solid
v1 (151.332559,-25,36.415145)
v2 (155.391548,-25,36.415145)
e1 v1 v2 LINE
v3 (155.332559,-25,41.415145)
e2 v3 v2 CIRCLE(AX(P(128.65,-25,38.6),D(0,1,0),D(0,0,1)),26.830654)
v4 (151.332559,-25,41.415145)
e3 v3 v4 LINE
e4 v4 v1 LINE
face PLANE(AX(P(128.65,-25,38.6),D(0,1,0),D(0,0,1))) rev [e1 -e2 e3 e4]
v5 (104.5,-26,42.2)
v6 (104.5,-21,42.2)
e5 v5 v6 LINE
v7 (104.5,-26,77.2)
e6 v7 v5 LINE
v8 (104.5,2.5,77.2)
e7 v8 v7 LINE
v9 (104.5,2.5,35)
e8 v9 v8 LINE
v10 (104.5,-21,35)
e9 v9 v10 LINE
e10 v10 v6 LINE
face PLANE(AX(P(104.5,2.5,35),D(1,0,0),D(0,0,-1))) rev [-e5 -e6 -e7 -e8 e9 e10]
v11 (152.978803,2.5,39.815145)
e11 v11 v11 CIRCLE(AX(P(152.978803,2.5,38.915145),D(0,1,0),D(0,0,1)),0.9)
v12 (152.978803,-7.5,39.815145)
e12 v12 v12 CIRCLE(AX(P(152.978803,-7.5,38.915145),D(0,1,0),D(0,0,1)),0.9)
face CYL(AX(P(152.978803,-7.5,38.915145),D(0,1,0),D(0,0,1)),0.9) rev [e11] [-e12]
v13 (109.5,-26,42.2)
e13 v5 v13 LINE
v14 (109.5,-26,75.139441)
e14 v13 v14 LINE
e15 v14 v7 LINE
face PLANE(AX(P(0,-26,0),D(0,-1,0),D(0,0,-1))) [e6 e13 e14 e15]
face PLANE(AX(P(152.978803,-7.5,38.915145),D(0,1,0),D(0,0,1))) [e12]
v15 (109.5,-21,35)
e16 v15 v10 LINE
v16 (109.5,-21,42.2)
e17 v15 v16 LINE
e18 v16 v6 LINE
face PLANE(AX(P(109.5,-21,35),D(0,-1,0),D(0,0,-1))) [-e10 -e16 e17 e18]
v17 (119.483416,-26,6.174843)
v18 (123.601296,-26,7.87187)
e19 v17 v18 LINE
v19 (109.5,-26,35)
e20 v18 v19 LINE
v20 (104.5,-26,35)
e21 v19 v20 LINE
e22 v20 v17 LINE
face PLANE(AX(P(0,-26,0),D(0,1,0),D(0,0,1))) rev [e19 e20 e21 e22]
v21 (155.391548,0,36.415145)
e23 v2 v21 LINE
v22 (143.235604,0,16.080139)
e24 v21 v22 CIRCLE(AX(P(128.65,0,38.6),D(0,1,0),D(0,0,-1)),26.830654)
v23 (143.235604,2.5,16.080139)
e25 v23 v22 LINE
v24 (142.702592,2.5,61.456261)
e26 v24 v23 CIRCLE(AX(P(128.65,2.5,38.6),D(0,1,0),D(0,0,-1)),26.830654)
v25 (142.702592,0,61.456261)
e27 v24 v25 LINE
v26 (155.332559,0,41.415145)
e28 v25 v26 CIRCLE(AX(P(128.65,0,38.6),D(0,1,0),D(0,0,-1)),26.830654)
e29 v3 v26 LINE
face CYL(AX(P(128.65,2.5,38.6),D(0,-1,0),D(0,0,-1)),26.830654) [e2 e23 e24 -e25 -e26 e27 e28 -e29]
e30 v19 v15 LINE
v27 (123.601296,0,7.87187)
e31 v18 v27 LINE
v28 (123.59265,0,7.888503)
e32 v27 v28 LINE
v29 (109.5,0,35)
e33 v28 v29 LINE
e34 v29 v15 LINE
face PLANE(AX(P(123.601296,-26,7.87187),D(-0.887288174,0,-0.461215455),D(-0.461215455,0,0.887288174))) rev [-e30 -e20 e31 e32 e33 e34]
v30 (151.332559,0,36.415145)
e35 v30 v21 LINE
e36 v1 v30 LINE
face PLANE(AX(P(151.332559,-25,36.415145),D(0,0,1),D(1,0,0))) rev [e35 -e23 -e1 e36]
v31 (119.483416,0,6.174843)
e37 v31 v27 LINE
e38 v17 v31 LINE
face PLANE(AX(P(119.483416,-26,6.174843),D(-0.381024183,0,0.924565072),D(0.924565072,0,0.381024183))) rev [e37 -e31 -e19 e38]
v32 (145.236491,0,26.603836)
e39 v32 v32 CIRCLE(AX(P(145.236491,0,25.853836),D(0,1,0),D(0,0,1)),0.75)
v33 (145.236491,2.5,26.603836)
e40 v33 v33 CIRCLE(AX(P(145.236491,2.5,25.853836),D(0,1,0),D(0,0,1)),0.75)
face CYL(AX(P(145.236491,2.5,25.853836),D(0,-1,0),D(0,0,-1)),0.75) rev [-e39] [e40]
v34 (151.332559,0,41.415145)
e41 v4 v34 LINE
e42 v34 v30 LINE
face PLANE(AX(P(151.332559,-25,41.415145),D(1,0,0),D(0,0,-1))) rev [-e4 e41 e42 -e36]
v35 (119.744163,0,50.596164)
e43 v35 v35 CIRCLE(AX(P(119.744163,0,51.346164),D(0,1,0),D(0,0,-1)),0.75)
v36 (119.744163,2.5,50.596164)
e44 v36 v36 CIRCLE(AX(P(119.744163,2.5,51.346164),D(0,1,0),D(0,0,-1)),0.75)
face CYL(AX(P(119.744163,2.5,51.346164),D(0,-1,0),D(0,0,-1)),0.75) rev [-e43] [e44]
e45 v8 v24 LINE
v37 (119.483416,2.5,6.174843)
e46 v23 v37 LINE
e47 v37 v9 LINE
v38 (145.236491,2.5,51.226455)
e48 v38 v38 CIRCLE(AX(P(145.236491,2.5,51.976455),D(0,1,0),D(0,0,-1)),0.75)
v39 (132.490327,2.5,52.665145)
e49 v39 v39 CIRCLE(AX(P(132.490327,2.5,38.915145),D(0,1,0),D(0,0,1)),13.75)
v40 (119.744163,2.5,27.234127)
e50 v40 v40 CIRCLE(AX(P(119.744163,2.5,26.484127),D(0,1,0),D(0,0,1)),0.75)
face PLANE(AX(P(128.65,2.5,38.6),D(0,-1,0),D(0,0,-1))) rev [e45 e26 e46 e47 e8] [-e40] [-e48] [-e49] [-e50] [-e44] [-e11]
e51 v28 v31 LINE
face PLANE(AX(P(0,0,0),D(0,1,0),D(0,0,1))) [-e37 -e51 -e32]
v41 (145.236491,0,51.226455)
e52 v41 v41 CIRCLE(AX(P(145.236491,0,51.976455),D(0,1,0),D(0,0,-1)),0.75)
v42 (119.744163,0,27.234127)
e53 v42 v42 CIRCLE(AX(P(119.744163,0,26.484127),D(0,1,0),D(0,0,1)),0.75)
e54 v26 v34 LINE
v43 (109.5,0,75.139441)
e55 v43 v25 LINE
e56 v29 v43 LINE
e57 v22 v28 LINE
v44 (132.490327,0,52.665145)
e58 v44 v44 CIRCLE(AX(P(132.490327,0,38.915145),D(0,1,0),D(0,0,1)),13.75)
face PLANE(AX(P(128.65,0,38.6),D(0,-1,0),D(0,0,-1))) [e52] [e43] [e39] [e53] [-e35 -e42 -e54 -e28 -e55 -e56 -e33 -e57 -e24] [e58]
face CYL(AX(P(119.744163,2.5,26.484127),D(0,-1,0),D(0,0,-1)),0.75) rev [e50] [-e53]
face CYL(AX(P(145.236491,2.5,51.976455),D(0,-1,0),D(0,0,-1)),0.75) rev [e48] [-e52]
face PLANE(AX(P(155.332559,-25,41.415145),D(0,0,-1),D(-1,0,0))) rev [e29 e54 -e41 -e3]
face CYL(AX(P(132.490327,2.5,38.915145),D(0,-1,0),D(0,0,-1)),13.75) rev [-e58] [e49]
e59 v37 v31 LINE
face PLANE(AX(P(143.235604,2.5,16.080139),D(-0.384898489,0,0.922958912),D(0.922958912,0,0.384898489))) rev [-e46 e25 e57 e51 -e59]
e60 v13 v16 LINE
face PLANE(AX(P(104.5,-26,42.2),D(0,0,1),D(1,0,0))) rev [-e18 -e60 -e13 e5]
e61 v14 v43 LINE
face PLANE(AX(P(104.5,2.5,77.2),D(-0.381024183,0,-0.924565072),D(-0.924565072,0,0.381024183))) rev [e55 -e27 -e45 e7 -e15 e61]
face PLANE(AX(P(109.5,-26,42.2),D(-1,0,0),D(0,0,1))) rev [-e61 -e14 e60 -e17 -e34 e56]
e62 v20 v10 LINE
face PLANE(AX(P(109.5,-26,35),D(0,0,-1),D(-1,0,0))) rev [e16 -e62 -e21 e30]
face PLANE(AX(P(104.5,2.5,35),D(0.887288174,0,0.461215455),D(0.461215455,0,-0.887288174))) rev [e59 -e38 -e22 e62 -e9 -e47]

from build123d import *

# Parameters (mm, degrees)
SKETCH2_R           = 13.75
SKETCH2_R_2         = 0.75
BOSS_EXTRUDE1_DEPTH = 2.5
BOSS_EXTRUDE2_DEPTH = 26
SKETCH5_W           = 7.2
SKETCH5_H           = 21
BOSS_EXTRUDE5_DEPTH = 5
BOSS_EXTRUDE6_DEPTH = 25
SKETCH7_R           = 0.9
CUT_EXTRUDE1_DEPTH  = 10


with BuildPart() as part:
    # Sketch2 → Boss-Extrude1 (new body)
    with BuildSketch(Plane(origin=(0, 0, 0), x_dir=(1, 0, 0), z_dir=(0, 1, 0))):
        with BuildLine():
            Line((104.5, -77.2), (142.702591635, -61.456260882))
            ThreePointArc((142.702591635, -61.456260882), (155.478803114, -38.915145373), (143.235603671, -16.080138573))
            Line((143.235603671, -16.080138573), (119.48341621, -6.174842748))
            Line((119.48341621, -6.174842748), (104.5, -35))
            Line((104.5, -35), (104.5, -77.2))
        make_face()
        with Locations((132.490326991, -38.915145373)):
            Circle(SKETCH2_R, mode=Mode.SUBTRACT)
        with Locations((145.236491006, -25.853835985)):
            Circle(SKETCH2_R_2, mode=Mode.SUBTRACT)
        with Locations((119.744162977, -51.346164015)):
            Circle(SKETCH2_R_2, mode=Mode.SUBTRACT)
        with Locations((119.744162977, -26.484126731)):
            Circle(SKETCH2_R_2, mode=Mode.SUBTRACT)
        with Locations((145.236491006, -51.97645476)):
            Circle(SKETCH2_R_2, mode=Mode.SUBTRACT)
    extrude(amount=BOSS_EXTRUDE1_DEPTH)

    # Sketch3 → Boss-Extrude2 (add)
    with BuildSketch(Plane.XZ):
        Polygon((104.5, 42.2), (109.5, 42.2), (109.5, 75.139440959), (104.5, 77.2), align=None)
        Polygon((109.5, 35), (104.5, 35), (119.48341621, 6.174842748), (123.601295817, 7.871869559), align=None)
    extrude(amount=BOSS_EXTRUDE2_DEPTH)

    # Sketch5 → Boss-Extrude5 (add)
    with BuildSketch(Plane.ZY.offset(-104.5)):
        with Locations((38.6, -10.5)):
            Rectangle(SKETCH5_W, SKETCH5_H)
    extrude(amount=-BOSS_EXTRUDE5_DEPTH)

    # Sketch6 → Boss-Extrude6 (add)
    with BuildSketch(Plane.XZ):
        with BuildLine():
            Line((155.332558904, 41.415145373), (151.332558904, 41.415145373))
            Line((151.332558904, 41.415145373), (151.332558904, 36.415145373))
            Line((151.332558904, 36.415145373), (155.391548261, 36.415145373))
            ThreePointArc((155.391548261, 36.415145373), (155.478786901, 38.916522577), (155.332558904, 41.415145373))
        make_face()
    extrude(amount=BOSS_EXTRUDE6_DEPTH)

    # Sketch7 → Cut-Extrude1 (cut)
    with BuildSketch(Plane(origin=(0, 2.5, 0), x_dir=(1, 0, 0), z_dir=(0, 1, 0))):
        with Locations((152.978803114, -38.915145373)):
            Circle(SKETCH7_R)
    extrude(amount=-CUT_EXTRUDE1_DEPTH, mode=Mode.SUBTRACT)


solid = part.part
